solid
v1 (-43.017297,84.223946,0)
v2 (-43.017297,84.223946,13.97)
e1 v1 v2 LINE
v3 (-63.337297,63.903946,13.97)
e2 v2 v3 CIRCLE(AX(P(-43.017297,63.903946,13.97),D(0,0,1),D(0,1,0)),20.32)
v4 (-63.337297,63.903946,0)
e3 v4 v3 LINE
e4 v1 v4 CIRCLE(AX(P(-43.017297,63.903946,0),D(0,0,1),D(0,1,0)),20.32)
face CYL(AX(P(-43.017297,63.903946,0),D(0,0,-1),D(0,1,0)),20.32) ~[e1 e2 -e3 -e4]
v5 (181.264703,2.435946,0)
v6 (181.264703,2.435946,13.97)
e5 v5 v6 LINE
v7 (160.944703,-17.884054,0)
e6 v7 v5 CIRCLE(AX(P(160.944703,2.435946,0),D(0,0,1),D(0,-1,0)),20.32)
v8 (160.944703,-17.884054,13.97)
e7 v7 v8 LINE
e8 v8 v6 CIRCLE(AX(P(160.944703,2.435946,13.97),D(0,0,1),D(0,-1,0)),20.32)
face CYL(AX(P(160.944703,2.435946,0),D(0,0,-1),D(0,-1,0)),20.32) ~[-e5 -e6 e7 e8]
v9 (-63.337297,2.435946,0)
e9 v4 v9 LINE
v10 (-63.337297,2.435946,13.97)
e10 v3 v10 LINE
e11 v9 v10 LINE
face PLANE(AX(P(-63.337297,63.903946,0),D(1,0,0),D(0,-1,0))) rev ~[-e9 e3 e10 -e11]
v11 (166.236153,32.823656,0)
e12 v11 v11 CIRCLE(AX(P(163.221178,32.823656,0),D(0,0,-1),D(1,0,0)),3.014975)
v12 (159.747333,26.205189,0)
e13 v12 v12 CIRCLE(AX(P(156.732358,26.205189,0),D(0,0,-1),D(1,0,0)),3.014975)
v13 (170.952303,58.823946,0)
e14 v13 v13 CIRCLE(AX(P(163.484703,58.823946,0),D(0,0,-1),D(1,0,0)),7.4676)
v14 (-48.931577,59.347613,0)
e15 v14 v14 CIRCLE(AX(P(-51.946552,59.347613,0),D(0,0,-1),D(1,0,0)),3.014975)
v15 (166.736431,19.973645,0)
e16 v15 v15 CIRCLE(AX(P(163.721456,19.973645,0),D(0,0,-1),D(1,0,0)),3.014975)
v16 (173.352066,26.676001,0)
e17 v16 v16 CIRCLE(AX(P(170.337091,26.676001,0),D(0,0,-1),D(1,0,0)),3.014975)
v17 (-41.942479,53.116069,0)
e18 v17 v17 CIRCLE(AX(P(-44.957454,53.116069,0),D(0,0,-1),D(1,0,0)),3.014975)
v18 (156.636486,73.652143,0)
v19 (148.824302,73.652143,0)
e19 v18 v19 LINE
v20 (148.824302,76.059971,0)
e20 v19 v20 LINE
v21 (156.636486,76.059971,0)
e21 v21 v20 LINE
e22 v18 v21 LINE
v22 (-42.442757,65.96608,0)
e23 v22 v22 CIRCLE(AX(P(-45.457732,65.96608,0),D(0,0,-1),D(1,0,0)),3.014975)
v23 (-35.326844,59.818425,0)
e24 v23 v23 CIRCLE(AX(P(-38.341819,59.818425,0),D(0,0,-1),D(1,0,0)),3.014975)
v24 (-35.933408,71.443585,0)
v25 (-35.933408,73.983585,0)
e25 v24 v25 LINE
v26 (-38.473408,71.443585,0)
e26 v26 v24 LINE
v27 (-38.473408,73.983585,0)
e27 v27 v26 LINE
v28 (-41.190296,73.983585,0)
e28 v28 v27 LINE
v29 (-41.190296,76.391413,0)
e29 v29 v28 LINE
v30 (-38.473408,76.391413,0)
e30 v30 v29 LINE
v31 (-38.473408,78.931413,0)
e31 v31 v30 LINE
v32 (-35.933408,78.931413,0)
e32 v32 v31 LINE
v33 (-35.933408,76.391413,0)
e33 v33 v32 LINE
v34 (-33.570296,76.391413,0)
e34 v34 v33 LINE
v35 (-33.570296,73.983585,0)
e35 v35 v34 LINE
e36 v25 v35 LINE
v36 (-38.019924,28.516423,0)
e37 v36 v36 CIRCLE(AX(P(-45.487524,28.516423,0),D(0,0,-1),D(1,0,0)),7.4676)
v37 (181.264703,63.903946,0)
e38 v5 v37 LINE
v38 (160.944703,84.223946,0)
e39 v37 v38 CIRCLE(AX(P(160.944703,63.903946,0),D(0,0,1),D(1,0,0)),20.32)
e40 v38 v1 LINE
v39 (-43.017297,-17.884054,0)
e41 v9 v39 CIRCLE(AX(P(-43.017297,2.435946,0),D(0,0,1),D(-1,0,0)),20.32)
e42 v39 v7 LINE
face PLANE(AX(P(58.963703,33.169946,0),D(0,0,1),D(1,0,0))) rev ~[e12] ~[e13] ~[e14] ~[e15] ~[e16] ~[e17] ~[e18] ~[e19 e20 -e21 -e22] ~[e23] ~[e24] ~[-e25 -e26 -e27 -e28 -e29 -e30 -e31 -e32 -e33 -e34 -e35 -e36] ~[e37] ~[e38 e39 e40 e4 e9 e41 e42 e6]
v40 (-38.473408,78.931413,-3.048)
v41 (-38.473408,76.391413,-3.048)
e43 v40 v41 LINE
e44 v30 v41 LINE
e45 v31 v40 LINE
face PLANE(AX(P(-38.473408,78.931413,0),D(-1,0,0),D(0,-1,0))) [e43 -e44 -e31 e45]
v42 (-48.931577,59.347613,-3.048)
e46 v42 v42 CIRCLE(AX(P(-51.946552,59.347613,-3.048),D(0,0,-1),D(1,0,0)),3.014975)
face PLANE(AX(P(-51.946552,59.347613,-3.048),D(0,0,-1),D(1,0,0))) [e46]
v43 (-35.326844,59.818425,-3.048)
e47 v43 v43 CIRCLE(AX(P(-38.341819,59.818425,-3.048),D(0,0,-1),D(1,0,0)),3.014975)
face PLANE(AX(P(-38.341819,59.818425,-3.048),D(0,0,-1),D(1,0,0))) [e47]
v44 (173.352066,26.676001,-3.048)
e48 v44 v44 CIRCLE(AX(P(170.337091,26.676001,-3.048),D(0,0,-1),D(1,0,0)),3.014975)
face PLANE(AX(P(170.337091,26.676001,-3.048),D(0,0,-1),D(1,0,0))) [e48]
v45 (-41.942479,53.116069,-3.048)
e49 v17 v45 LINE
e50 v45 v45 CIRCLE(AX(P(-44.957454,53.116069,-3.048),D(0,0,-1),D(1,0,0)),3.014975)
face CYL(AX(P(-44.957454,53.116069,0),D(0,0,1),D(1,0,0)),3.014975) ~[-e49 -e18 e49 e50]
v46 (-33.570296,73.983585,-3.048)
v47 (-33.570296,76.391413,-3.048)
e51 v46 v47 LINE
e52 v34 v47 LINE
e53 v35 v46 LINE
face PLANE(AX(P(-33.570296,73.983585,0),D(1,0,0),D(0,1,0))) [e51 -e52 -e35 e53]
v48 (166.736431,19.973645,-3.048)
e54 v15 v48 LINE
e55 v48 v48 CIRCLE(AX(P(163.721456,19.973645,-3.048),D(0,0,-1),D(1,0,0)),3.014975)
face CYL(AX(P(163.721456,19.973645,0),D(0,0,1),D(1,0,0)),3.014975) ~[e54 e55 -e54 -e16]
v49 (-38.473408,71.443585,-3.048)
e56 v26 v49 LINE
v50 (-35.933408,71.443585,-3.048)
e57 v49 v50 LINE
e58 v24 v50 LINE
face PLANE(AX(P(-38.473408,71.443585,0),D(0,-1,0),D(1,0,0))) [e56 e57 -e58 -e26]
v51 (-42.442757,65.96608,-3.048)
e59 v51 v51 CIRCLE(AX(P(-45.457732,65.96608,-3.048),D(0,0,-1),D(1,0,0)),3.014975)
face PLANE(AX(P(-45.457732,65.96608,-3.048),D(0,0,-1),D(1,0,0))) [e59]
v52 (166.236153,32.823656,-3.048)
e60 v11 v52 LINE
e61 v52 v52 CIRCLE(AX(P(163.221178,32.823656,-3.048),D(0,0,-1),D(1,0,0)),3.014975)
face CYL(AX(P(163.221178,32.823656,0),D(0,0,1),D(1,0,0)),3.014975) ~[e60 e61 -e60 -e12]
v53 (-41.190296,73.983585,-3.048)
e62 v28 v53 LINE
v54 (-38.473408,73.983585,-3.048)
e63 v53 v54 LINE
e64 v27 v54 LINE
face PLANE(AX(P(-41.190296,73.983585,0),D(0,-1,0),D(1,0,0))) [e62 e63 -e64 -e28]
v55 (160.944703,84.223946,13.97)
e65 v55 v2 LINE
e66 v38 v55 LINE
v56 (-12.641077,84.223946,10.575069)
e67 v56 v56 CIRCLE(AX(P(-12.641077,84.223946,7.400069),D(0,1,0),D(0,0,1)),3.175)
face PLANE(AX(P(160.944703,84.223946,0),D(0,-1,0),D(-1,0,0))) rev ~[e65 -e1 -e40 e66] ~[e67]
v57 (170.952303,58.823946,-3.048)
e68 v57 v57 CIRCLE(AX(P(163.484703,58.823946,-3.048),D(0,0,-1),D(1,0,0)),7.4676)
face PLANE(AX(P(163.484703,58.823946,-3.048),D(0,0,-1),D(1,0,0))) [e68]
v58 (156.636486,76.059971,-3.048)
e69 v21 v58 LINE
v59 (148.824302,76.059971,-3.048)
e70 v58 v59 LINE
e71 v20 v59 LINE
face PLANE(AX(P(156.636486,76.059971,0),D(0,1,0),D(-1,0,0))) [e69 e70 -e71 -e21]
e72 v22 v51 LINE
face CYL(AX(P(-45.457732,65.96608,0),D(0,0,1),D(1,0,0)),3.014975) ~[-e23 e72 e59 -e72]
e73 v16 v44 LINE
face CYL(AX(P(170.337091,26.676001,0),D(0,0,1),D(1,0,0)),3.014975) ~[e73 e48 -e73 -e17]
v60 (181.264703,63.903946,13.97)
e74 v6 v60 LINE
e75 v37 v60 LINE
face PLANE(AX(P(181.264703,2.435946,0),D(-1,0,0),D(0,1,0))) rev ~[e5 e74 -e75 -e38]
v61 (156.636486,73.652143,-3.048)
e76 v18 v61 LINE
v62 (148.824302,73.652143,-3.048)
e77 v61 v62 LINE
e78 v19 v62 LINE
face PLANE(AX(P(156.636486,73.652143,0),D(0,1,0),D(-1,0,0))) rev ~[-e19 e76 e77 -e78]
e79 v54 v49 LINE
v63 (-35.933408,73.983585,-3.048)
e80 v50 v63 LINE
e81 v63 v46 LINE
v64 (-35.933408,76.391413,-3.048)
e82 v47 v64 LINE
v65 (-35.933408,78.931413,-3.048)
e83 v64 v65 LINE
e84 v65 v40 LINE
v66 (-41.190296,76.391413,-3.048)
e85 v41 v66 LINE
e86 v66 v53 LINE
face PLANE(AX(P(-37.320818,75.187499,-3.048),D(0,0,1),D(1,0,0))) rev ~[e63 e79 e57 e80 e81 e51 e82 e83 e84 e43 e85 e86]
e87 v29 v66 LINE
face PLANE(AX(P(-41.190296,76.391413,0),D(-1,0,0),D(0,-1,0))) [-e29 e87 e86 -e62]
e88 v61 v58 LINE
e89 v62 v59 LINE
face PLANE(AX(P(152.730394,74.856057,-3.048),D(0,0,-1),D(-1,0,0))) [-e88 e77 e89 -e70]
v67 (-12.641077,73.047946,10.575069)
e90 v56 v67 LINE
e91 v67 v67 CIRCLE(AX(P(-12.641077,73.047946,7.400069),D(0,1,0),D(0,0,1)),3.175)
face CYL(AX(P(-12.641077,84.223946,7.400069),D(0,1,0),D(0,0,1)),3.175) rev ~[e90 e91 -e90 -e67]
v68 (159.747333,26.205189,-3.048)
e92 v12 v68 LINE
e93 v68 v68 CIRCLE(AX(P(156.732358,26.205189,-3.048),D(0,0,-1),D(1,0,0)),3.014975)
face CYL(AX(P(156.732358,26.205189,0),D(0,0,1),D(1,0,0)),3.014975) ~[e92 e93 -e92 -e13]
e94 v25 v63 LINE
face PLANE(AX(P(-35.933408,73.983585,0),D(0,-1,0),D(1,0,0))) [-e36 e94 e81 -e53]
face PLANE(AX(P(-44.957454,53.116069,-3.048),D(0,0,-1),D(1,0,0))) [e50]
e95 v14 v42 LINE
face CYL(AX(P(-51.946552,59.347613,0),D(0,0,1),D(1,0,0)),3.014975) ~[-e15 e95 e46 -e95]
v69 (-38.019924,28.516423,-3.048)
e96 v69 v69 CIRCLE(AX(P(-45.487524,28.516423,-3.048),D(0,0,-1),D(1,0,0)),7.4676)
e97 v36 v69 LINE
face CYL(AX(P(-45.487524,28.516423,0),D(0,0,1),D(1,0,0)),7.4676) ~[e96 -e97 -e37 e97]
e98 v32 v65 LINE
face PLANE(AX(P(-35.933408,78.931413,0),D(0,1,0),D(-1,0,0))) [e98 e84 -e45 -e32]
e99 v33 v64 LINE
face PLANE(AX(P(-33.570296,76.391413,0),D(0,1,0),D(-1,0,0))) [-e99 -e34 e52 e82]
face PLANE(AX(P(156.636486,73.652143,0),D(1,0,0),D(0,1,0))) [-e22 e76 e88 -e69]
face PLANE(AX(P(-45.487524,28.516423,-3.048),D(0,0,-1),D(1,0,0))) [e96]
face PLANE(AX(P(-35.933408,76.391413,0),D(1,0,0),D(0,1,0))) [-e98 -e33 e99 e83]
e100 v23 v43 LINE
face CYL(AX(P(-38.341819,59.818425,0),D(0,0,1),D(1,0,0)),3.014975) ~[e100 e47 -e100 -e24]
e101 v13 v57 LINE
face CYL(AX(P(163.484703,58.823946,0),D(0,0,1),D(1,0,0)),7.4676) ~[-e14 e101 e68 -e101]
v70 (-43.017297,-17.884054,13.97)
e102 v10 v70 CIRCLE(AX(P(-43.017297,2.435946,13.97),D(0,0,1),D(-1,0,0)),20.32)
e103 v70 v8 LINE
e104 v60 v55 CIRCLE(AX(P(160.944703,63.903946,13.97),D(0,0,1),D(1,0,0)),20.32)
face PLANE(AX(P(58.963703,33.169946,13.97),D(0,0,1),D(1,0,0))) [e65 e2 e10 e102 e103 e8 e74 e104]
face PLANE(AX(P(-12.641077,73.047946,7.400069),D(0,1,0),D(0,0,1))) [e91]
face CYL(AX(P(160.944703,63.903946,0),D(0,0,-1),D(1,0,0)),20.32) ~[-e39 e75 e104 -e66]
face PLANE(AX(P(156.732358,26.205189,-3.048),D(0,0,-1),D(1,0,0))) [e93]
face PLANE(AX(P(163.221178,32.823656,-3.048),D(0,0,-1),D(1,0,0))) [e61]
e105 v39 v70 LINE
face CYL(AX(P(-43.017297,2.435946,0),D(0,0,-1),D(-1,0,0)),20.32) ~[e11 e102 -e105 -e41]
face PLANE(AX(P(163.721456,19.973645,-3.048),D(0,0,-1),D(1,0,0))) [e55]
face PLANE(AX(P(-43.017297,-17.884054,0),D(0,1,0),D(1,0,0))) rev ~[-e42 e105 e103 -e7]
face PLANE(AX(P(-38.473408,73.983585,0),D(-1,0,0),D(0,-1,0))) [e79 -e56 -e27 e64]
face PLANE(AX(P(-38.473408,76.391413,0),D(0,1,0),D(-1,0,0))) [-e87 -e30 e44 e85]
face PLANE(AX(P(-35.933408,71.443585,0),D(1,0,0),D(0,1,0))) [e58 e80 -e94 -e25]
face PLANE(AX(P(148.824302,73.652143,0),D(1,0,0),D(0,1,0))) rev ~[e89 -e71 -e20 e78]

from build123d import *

# Parameters (mm, degrees)
SKETCH1_W           = 172.974
SKETCH1_H           = 102.108
BOSS_EXTRUDE1_DEPTH = 13.97
SKETCH2_R           = 7.4676
SKETCH2_R_2         = 3.014975044
SKETCH2_W           = 7.81218406
SKETCH2_H           = 2.407827673
BOSS_EXTRUDE3_DEPTH = 3.048
SKETCH3_R           = 7.4676
SKETCH3_R_2         = 3.014975044
BOSS_EXTRUDE5_DEPTH = 3.048
SKETCH4_R           = 3.175
CUT_EXTRUDE1_DEPTH  = 11.176


with BuildPart() as part:
    # Sketch1 → Boss-Extrude1 (new body)
    with BuildSketch(Plane.XY):
        with Locations((58.9637029, 33.169946412)):
            Rectangle(SKETCH1_W, SKETCH1_H)
        with BuildLine():
            Line((-27.5232971, 84.223946412), (-43.0172971, 84.223946412))
            ThreePointArc((-43.0172971, 84.223946412), (-57.385706894, 78.272356205), (-63.3372971, 63.903946412))
            Line((-63.3372971, 63.903946412), (-63.3372971, 2.435946412))
            ThreePointArc((-63.3372971, 2.435946412), (-57.385706894, -11.932463382), (-43.0172971, -17.884053588))
            Line((-43.0172971, -17.884053588), (-27.5232971, -17.884053588))
            Line((-27.5232971, -17.884053588), (-27.5232971, 84.223946412))
        make_face()
        with BuildLine():
            Line((160.9447029, 84.223946412), (145.4507029, 84.223946412))
            Line((145.4507029, 84.223946412), (145.4507029, -17.884053588))
            Line((145.4507029, -17.884053588), (160.9447029, -17.884053588))
            ThreePointArc((160.9447029, -17.884053588), (175.313112694, -11.932463382), (181.2647029, 2.435946412))
            Line((181.2647029, 2.435946412), (181.2647029, 63.903946412))
            ThreePointArc((181.2647029, 63.903946412), (175.313112694, 78.272356205), (160.9447029, 84.223946412))
        make_face()
    extrude(amount=BOSS_EXTRUDE1_DEPTH)

    # Sketch2 → Boss-Extrude3 (add)
    with BuildSketch(Plane(origin=(0, 0, 0), x_dir=(-1, 0, 0), z_dir=(0, 0, -1))):
        with Locations(Location((-163.4847029, 58.823946412, 0), (0, 0, 180))):
            Circle(SKETCH2_R)
        with Locations(Location((-170.337090886, 26.676001086, 0), (0, 0, 180))):
            Circle(SKETCH2_R_2)
        with Locations(Location((-163.221177768, 32.823656386, 0), (0, 0, 180))):
            Circle(SKETCH2_R_2)
        with Locations(Location((-156.732358191, 26.205188985, 0), (0, 0, 180))):
            Circle(SKETCH2_R_2)
        with Locations(Location((-163.721455714, 19.973644896, 0), (0, 0, 180))):
            Circle(SKETCH2_R_2)
        with Locations((-152.730393721, 74.856056835)):
            Rectangle(SKETCH2_W, SKETCH2_H)
    extrude(amount=BOSS_EXTRUDE3_DEPTH)

    # Sketch3 → Boss-Extrude5 (add)
    with BuildSketch(Plane(origin=(0, 0, 0), x_dir=(-1, 0, 0), z_dir=(0, 0, -1))):
        with Locations(Location((45.487523866, 28.516423037, 0), (0, 0, 180))):
            Circle(SKETCH3_R)
        with Locations(Location((44.957454366, 53.116068624, 0), (0, 0, 180))):
            Circle(SKETCH3_R_2)
        with Locations(Location((38.341819194, 59.818424813, 0), (0, 0, 180))):
            Circle(SKETCH3_R_2)
        with Locations(Location((45.457732312, 65.966080113, 0), (0, 0, 180))):
            Circle(SKETCH3_R_2)
        with Locations(Location((51.94655189, 59.347612713, 0), (0, 0, 180))):
            Circle(SKETCH3_R_2)
        Polygon((38.47340824, 76.391412748), (41.190295926, 76.391412748), (41.190295926, 73.983585075), (38.47340824, 73.983585075), (38.47340824, 71.443585075), (35.93340824, 71.443585075), (35.93340824, 73.983585075), (33.570295926, 73.983585075), (33.570295926, 76.391412748), (35.93340824, 76.391412748), (35.93340824, 78.931412748), (38.47340824, 78.931412748), align=None)
    extrude(amount=BOSS_EXTRUDE5_DEPTH)

    # Sketch4 → Cut-Extrude1 (cut)
    with BuildSketch(Plane(origin=(0, 84.223946412, 0), x_dir=(1, 0, 0), z_dir=(0, 1, 0))):
        with Locations(Location((-12.641077469, -7.400069152, 0), (0, 0, 270))):
            Circle(SKETCH4_R)
    extrude(amount=-CUT_EXTRUDE1_DEPTH, mode=Mode.SUBTRACT)


solid = part.part
